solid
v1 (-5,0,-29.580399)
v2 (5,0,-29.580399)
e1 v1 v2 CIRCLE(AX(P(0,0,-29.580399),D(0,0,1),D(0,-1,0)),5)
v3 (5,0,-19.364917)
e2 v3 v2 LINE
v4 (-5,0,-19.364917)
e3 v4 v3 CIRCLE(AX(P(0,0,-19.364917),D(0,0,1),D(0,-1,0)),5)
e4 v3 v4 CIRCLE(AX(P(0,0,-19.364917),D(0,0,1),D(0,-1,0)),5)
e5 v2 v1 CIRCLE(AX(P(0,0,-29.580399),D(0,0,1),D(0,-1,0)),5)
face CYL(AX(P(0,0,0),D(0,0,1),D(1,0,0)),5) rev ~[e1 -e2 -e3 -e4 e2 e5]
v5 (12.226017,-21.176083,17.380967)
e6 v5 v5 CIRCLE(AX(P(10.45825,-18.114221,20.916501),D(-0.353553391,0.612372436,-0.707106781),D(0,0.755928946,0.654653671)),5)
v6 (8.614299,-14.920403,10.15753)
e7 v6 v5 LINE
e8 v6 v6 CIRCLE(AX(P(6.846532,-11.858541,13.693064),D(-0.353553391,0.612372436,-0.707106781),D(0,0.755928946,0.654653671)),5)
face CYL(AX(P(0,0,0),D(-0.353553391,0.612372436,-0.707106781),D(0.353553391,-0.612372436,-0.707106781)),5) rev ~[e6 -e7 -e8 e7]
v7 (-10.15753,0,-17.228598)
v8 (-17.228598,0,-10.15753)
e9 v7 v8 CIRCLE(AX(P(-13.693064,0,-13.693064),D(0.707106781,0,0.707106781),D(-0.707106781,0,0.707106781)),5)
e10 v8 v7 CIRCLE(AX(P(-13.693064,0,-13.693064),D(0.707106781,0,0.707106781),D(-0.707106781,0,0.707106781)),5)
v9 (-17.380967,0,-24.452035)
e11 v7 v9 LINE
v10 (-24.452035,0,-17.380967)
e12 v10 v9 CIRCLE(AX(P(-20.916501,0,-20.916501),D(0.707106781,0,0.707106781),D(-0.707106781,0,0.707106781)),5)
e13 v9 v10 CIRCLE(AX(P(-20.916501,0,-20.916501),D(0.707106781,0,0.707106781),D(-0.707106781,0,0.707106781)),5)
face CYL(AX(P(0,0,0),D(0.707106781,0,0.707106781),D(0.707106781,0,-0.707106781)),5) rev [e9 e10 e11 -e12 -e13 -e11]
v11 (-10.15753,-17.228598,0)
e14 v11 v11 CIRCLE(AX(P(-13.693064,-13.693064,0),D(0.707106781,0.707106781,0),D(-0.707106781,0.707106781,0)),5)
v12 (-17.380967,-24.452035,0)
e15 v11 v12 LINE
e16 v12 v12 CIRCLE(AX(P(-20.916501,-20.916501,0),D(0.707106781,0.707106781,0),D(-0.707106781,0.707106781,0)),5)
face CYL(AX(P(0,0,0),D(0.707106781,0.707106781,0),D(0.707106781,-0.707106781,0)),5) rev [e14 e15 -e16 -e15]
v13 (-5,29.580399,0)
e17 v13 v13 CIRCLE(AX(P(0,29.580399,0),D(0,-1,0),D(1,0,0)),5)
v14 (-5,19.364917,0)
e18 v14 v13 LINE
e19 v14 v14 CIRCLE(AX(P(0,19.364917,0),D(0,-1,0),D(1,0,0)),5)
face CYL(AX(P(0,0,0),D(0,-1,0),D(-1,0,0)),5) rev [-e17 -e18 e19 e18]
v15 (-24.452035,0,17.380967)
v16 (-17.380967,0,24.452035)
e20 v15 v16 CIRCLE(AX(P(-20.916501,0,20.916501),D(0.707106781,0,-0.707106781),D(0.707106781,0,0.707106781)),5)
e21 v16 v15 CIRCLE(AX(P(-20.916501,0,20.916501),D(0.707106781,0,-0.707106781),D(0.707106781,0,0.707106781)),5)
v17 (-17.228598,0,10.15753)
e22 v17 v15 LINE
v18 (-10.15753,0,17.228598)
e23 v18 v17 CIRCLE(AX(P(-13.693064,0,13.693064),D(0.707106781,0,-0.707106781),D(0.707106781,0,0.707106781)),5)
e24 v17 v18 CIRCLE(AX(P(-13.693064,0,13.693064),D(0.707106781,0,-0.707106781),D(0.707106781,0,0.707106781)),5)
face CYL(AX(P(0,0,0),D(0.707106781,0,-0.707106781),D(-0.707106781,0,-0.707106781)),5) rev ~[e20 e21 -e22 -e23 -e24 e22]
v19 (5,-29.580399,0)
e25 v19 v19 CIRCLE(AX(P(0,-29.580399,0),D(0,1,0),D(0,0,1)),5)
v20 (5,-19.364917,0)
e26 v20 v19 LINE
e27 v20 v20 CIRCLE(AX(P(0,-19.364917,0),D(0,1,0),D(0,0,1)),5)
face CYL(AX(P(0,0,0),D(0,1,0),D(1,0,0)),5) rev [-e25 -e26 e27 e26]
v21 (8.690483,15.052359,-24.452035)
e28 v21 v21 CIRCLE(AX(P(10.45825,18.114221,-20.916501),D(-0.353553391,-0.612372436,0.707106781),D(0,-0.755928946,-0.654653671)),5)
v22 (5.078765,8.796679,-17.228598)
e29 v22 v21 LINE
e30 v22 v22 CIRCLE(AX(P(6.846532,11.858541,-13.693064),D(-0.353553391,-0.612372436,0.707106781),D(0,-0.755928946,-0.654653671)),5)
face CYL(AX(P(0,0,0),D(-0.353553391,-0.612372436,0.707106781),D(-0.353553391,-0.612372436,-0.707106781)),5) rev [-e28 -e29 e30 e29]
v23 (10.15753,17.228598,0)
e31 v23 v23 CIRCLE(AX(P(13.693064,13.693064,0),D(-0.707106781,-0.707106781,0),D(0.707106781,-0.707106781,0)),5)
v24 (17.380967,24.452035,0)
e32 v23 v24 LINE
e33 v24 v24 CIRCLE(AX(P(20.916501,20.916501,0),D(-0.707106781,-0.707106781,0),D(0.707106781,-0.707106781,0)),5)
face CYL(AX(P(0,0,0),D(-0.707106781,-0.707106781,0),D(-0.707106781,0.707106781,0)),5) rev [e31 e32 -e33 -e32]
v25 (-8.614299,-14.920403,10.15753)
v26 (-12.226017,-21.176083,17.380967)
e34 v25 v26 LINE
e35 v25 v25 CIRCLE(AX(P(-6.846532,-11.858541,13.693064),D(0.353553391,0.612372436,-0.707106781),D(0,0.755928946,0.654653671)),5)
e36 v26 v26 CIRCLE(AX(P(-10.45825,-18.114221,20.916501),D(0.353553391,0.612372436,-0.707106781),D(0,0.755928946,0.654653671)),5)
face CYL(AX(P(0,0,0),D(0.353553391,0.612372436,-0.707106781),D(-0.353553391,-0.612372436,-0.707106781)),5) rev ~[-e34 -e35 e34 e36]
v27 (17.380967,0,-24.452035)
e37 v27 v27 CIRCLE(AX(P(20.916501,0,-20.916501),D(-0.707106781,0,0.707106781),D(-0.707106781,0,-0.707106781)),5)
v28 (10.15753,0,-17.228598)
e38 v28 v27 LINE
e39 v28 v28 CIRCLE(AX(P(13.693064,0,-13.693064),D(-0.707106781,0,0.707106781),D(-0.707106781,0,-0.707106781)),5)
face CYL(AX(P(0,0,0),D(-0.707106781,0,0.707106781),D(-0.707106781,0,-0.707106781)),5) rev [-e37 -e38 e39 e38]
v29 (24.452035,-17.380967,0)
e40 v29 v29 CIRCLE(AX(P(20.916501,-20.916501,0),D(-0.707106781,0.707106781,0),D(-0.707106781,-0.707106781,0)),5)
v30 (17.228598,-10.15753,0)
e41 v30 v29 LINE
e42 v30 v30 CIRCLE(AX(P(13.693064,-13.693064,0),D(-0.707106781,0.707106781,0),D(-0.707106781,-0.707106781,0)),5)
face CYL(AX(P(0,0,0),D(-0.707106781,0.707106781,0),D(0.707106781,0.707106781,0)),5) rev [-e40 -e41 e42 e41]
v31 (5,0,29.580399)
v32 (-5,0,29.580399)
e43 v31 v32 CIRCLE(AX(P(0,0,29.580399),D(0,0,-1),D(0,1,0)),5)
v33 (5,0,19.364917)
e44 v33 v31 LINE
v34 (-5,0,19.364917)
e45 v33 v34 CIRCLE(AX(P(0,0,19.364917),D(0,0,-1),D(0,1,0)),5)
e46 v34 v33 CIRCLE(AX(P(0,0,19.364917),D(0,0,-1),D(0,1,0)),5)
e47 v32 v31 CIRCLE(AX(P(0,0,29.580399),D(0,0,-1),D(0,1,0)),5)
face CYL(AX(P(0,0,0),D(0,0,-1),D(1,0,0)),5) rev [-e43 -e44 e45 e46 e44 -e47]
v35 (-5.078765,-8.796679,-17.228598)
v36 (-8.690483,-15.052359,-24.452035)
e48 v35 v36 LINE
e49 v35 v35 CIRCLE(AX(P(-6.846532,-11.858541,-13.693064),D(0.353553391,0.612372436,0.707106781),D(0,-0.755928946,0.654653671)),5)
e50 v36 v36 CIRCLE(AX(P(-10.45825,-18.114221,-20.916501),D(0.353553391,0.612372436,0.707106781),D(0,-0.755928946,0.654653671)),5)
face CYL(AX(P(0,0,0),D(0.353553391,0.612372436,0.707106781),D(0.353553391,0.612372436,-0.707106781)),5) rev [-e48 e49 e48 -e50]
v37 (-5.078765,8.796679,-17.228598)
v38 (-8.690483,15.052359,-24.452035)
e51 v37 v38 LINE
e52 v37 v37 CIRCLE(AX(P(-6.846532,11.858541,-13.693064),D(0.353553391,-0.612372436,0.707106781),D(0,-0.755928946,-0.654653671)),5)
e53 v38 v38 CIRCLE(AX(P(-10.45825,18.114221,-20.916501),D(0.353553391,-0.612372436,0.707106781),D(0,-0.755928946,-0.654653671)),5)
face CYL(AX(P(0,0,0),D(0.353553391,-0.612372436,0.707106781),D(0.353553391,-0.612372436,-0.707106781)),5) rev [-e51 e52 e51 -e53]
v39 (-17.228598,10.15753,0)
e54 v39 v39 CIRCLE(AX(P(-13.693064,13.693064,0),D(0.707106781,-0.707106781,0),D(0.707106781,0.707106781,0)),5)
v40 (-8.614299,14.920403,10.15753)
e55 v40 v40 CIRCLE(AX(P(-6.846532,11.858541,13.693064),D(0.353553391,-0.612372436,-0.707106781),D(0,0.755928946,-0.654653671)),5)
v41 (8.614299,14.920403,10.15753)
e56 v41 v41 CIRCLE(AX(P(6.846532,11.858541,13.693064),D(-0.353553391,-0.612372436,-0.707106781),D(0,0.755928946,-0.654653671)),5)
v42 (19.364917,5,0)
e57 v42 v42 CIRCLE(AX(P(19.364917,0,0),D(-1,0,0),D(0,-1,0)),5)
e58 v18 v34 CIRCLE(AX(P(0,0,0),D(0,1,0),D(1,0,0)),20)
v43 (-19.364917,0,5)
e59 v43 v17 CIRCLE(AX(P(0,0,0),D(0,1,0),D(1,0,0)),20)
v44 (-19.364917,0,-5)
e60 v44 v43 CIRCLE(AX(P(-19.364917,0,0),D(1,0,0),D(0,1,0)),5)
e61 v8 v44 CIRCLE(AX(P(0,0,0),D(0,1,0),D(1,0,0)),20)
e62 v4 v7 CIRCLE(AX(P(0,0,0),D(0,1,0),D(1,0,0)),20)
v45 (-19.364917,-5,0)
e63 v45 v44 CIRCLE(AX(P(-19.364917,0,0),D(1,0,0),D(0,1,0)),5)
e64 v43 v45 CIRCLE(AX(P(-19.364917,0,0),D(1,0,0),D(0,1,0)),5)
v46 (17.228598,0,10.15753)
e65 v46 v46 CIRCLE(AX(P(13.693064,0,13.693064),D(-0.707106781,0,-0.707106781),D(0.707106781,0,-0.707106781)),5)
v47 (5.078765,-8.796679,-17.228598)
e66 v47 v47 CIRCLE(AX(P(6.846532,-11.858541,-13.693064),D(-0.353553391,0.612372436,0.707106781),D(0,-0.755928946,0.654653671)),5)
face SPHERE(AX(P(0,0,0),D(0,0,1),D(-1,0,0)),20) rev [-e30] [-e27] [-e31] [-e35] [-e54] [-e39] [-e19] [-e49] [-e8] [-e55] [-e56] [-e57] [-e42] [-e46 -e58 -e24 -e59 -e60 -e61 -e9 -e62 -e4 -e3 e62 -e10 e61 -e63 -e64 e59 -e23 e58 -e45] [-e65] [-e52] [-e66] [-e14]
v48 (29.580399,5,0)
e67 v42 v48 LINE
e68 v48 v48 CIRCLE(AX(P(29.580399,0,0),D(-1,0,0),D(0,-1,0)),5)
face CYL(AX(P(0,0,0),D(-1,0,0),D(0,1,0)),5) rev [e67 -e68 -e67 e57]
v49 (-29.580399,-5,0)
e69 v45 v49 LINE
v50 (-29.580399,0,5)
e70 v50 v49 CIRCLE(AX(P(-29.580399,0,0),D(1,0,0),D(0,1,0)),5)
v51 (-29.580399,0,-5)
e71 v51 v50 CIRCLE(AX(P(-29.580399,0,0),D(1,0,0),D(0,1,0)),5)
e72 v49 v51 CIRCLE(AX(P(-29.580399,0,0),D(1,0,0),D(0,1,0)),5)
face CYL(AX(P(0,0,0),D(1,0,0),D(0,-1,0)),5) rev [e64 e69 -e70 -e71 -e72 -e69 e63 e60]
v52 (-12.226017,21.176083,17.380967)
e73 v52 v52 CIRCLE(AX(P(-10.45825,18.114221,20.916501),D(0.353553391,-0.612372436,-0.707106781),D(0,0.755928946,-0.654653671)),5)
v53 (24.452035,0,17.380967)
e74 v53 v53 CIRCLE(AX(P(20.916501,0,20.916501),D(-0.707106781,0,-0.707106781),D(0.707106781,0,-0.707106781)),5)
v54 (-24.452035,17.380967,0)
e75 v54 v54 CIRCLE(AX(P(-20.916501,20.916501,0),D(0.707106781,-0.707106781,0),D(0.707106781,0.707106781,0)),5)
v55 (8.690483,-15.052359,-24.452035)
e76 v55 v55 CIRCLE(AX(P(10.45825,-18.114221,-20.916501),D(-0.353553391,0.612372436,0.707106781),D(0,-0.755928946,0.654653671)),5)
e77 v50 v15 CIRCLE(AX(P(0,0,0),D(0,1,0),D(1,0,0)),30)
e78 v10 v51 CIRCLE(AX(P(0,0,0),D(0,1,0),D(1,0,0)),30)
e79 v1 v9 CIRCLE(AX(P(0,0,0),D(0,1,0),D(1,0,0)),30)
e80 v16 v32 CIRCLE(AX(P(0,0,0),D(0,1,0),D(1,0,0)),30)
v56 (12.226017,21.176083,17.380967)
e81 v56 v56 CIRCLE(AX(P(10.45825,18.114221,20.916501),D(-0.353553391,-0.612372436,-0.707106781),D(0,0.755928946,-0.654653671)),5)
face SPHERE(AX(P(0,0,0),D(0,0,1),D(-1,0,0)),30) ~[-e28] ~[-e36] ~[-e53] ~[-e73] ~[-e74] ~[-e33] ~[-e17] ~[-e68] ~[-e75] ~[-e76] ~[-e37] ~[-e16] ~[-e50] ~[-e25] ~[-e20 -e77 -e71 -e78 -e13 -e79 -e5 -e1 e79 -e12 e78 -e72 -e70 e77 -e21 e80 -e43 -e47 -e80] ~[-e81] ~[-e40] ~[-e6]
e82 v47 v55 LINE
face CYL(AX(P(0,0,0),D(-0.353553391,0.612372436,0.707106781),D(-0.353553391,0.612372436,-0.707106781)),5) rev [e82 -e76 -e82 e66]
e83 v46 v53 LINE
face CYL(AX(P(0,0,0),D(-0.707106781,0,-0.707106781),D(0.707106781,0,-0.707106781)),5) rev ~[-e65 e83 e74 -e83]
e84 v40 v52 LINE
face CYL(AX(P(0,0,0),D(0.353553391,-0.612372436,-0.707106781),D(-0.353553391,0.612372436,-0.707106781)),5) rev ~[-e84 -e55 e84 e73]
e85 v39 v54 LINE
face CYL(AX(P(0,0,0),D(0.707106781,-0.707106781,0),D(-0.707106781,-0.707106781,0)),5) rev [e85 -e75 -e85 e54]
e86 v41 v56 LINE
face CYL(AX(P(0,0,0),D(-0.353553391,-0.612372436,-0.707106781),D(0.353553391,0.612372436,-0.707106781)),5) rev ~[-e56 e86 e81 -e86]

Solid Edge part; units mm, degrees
sketch "Sketch1" plane through (0, 0, 0) normal (0, -1, 0) x (1, 0, 0)
  line L0 (0, 30) -> (0, 20)
  line L1 (0, -20) -> (0, -30)
  arc A0 (0, -20) -> (0, 20) centre (0, 0) cw
  arc A1 (0, -30) -> (0, 30) centre (0, 0) cw
revolve "RevolvedProtrusion1" add sketch "Sketch1" angle 360 about axis through (0, 0, 30) along (0, 0, -1)
sketch "Sketch2" plane through (0, 0, 0) normal (0, 0, 1) x (1, 0, 0)
  circle A0 centre (0, 0) radius 5
extrude "Cutout1" cut sketch "Sketch2" along normal mid plane 93.4764
sketch "Sketch3" plane through (0, 0, 0) normal (0, -1, 0) x (1, 0, 0)
  circle A0 centre (0, 0) radius 5
extrude "ExtrudedCutout_2" cut sketch "Sketch3" along normal blind 58.5589
pattern_circular "Pattern1" count 8 over 360 about axis through (0, 0, 0) along (0, 0, -1) of "ExtrudedCutout_2"
sketch "Sketch4" plane through (0, 0, 0) normal (0.7071, 0, -0.7071) x (-0.7071, 0, -0.7071)
  circle A0 centre (0, 0) radius 5
extrude "ExtrudedCutout_3" cut sketch "Sketch4" against normal blind 59.1564
sketch "Sketch5" plane through (0, 0, 0) normal (0.7071, 0, -0.7071) x (-0.7071, 0, -0.7071)
  circle A0 centre (0, 0) radius 5
extrude "ExtrudedCutout_4" cut sketch "Sketch5" along normal blind 73.7345
pattern_circular "Pattern3" count 6 over 360 about axis through (0, 0, 21.2132) along (0, 0, -1) of "ExtrudedCutout_3"
pattern_circular "Pattern5" count 6 over 360 about axis through (0, 0, -20.9165) along (0, 0, -1) of "ExtrudedCutout_4"
